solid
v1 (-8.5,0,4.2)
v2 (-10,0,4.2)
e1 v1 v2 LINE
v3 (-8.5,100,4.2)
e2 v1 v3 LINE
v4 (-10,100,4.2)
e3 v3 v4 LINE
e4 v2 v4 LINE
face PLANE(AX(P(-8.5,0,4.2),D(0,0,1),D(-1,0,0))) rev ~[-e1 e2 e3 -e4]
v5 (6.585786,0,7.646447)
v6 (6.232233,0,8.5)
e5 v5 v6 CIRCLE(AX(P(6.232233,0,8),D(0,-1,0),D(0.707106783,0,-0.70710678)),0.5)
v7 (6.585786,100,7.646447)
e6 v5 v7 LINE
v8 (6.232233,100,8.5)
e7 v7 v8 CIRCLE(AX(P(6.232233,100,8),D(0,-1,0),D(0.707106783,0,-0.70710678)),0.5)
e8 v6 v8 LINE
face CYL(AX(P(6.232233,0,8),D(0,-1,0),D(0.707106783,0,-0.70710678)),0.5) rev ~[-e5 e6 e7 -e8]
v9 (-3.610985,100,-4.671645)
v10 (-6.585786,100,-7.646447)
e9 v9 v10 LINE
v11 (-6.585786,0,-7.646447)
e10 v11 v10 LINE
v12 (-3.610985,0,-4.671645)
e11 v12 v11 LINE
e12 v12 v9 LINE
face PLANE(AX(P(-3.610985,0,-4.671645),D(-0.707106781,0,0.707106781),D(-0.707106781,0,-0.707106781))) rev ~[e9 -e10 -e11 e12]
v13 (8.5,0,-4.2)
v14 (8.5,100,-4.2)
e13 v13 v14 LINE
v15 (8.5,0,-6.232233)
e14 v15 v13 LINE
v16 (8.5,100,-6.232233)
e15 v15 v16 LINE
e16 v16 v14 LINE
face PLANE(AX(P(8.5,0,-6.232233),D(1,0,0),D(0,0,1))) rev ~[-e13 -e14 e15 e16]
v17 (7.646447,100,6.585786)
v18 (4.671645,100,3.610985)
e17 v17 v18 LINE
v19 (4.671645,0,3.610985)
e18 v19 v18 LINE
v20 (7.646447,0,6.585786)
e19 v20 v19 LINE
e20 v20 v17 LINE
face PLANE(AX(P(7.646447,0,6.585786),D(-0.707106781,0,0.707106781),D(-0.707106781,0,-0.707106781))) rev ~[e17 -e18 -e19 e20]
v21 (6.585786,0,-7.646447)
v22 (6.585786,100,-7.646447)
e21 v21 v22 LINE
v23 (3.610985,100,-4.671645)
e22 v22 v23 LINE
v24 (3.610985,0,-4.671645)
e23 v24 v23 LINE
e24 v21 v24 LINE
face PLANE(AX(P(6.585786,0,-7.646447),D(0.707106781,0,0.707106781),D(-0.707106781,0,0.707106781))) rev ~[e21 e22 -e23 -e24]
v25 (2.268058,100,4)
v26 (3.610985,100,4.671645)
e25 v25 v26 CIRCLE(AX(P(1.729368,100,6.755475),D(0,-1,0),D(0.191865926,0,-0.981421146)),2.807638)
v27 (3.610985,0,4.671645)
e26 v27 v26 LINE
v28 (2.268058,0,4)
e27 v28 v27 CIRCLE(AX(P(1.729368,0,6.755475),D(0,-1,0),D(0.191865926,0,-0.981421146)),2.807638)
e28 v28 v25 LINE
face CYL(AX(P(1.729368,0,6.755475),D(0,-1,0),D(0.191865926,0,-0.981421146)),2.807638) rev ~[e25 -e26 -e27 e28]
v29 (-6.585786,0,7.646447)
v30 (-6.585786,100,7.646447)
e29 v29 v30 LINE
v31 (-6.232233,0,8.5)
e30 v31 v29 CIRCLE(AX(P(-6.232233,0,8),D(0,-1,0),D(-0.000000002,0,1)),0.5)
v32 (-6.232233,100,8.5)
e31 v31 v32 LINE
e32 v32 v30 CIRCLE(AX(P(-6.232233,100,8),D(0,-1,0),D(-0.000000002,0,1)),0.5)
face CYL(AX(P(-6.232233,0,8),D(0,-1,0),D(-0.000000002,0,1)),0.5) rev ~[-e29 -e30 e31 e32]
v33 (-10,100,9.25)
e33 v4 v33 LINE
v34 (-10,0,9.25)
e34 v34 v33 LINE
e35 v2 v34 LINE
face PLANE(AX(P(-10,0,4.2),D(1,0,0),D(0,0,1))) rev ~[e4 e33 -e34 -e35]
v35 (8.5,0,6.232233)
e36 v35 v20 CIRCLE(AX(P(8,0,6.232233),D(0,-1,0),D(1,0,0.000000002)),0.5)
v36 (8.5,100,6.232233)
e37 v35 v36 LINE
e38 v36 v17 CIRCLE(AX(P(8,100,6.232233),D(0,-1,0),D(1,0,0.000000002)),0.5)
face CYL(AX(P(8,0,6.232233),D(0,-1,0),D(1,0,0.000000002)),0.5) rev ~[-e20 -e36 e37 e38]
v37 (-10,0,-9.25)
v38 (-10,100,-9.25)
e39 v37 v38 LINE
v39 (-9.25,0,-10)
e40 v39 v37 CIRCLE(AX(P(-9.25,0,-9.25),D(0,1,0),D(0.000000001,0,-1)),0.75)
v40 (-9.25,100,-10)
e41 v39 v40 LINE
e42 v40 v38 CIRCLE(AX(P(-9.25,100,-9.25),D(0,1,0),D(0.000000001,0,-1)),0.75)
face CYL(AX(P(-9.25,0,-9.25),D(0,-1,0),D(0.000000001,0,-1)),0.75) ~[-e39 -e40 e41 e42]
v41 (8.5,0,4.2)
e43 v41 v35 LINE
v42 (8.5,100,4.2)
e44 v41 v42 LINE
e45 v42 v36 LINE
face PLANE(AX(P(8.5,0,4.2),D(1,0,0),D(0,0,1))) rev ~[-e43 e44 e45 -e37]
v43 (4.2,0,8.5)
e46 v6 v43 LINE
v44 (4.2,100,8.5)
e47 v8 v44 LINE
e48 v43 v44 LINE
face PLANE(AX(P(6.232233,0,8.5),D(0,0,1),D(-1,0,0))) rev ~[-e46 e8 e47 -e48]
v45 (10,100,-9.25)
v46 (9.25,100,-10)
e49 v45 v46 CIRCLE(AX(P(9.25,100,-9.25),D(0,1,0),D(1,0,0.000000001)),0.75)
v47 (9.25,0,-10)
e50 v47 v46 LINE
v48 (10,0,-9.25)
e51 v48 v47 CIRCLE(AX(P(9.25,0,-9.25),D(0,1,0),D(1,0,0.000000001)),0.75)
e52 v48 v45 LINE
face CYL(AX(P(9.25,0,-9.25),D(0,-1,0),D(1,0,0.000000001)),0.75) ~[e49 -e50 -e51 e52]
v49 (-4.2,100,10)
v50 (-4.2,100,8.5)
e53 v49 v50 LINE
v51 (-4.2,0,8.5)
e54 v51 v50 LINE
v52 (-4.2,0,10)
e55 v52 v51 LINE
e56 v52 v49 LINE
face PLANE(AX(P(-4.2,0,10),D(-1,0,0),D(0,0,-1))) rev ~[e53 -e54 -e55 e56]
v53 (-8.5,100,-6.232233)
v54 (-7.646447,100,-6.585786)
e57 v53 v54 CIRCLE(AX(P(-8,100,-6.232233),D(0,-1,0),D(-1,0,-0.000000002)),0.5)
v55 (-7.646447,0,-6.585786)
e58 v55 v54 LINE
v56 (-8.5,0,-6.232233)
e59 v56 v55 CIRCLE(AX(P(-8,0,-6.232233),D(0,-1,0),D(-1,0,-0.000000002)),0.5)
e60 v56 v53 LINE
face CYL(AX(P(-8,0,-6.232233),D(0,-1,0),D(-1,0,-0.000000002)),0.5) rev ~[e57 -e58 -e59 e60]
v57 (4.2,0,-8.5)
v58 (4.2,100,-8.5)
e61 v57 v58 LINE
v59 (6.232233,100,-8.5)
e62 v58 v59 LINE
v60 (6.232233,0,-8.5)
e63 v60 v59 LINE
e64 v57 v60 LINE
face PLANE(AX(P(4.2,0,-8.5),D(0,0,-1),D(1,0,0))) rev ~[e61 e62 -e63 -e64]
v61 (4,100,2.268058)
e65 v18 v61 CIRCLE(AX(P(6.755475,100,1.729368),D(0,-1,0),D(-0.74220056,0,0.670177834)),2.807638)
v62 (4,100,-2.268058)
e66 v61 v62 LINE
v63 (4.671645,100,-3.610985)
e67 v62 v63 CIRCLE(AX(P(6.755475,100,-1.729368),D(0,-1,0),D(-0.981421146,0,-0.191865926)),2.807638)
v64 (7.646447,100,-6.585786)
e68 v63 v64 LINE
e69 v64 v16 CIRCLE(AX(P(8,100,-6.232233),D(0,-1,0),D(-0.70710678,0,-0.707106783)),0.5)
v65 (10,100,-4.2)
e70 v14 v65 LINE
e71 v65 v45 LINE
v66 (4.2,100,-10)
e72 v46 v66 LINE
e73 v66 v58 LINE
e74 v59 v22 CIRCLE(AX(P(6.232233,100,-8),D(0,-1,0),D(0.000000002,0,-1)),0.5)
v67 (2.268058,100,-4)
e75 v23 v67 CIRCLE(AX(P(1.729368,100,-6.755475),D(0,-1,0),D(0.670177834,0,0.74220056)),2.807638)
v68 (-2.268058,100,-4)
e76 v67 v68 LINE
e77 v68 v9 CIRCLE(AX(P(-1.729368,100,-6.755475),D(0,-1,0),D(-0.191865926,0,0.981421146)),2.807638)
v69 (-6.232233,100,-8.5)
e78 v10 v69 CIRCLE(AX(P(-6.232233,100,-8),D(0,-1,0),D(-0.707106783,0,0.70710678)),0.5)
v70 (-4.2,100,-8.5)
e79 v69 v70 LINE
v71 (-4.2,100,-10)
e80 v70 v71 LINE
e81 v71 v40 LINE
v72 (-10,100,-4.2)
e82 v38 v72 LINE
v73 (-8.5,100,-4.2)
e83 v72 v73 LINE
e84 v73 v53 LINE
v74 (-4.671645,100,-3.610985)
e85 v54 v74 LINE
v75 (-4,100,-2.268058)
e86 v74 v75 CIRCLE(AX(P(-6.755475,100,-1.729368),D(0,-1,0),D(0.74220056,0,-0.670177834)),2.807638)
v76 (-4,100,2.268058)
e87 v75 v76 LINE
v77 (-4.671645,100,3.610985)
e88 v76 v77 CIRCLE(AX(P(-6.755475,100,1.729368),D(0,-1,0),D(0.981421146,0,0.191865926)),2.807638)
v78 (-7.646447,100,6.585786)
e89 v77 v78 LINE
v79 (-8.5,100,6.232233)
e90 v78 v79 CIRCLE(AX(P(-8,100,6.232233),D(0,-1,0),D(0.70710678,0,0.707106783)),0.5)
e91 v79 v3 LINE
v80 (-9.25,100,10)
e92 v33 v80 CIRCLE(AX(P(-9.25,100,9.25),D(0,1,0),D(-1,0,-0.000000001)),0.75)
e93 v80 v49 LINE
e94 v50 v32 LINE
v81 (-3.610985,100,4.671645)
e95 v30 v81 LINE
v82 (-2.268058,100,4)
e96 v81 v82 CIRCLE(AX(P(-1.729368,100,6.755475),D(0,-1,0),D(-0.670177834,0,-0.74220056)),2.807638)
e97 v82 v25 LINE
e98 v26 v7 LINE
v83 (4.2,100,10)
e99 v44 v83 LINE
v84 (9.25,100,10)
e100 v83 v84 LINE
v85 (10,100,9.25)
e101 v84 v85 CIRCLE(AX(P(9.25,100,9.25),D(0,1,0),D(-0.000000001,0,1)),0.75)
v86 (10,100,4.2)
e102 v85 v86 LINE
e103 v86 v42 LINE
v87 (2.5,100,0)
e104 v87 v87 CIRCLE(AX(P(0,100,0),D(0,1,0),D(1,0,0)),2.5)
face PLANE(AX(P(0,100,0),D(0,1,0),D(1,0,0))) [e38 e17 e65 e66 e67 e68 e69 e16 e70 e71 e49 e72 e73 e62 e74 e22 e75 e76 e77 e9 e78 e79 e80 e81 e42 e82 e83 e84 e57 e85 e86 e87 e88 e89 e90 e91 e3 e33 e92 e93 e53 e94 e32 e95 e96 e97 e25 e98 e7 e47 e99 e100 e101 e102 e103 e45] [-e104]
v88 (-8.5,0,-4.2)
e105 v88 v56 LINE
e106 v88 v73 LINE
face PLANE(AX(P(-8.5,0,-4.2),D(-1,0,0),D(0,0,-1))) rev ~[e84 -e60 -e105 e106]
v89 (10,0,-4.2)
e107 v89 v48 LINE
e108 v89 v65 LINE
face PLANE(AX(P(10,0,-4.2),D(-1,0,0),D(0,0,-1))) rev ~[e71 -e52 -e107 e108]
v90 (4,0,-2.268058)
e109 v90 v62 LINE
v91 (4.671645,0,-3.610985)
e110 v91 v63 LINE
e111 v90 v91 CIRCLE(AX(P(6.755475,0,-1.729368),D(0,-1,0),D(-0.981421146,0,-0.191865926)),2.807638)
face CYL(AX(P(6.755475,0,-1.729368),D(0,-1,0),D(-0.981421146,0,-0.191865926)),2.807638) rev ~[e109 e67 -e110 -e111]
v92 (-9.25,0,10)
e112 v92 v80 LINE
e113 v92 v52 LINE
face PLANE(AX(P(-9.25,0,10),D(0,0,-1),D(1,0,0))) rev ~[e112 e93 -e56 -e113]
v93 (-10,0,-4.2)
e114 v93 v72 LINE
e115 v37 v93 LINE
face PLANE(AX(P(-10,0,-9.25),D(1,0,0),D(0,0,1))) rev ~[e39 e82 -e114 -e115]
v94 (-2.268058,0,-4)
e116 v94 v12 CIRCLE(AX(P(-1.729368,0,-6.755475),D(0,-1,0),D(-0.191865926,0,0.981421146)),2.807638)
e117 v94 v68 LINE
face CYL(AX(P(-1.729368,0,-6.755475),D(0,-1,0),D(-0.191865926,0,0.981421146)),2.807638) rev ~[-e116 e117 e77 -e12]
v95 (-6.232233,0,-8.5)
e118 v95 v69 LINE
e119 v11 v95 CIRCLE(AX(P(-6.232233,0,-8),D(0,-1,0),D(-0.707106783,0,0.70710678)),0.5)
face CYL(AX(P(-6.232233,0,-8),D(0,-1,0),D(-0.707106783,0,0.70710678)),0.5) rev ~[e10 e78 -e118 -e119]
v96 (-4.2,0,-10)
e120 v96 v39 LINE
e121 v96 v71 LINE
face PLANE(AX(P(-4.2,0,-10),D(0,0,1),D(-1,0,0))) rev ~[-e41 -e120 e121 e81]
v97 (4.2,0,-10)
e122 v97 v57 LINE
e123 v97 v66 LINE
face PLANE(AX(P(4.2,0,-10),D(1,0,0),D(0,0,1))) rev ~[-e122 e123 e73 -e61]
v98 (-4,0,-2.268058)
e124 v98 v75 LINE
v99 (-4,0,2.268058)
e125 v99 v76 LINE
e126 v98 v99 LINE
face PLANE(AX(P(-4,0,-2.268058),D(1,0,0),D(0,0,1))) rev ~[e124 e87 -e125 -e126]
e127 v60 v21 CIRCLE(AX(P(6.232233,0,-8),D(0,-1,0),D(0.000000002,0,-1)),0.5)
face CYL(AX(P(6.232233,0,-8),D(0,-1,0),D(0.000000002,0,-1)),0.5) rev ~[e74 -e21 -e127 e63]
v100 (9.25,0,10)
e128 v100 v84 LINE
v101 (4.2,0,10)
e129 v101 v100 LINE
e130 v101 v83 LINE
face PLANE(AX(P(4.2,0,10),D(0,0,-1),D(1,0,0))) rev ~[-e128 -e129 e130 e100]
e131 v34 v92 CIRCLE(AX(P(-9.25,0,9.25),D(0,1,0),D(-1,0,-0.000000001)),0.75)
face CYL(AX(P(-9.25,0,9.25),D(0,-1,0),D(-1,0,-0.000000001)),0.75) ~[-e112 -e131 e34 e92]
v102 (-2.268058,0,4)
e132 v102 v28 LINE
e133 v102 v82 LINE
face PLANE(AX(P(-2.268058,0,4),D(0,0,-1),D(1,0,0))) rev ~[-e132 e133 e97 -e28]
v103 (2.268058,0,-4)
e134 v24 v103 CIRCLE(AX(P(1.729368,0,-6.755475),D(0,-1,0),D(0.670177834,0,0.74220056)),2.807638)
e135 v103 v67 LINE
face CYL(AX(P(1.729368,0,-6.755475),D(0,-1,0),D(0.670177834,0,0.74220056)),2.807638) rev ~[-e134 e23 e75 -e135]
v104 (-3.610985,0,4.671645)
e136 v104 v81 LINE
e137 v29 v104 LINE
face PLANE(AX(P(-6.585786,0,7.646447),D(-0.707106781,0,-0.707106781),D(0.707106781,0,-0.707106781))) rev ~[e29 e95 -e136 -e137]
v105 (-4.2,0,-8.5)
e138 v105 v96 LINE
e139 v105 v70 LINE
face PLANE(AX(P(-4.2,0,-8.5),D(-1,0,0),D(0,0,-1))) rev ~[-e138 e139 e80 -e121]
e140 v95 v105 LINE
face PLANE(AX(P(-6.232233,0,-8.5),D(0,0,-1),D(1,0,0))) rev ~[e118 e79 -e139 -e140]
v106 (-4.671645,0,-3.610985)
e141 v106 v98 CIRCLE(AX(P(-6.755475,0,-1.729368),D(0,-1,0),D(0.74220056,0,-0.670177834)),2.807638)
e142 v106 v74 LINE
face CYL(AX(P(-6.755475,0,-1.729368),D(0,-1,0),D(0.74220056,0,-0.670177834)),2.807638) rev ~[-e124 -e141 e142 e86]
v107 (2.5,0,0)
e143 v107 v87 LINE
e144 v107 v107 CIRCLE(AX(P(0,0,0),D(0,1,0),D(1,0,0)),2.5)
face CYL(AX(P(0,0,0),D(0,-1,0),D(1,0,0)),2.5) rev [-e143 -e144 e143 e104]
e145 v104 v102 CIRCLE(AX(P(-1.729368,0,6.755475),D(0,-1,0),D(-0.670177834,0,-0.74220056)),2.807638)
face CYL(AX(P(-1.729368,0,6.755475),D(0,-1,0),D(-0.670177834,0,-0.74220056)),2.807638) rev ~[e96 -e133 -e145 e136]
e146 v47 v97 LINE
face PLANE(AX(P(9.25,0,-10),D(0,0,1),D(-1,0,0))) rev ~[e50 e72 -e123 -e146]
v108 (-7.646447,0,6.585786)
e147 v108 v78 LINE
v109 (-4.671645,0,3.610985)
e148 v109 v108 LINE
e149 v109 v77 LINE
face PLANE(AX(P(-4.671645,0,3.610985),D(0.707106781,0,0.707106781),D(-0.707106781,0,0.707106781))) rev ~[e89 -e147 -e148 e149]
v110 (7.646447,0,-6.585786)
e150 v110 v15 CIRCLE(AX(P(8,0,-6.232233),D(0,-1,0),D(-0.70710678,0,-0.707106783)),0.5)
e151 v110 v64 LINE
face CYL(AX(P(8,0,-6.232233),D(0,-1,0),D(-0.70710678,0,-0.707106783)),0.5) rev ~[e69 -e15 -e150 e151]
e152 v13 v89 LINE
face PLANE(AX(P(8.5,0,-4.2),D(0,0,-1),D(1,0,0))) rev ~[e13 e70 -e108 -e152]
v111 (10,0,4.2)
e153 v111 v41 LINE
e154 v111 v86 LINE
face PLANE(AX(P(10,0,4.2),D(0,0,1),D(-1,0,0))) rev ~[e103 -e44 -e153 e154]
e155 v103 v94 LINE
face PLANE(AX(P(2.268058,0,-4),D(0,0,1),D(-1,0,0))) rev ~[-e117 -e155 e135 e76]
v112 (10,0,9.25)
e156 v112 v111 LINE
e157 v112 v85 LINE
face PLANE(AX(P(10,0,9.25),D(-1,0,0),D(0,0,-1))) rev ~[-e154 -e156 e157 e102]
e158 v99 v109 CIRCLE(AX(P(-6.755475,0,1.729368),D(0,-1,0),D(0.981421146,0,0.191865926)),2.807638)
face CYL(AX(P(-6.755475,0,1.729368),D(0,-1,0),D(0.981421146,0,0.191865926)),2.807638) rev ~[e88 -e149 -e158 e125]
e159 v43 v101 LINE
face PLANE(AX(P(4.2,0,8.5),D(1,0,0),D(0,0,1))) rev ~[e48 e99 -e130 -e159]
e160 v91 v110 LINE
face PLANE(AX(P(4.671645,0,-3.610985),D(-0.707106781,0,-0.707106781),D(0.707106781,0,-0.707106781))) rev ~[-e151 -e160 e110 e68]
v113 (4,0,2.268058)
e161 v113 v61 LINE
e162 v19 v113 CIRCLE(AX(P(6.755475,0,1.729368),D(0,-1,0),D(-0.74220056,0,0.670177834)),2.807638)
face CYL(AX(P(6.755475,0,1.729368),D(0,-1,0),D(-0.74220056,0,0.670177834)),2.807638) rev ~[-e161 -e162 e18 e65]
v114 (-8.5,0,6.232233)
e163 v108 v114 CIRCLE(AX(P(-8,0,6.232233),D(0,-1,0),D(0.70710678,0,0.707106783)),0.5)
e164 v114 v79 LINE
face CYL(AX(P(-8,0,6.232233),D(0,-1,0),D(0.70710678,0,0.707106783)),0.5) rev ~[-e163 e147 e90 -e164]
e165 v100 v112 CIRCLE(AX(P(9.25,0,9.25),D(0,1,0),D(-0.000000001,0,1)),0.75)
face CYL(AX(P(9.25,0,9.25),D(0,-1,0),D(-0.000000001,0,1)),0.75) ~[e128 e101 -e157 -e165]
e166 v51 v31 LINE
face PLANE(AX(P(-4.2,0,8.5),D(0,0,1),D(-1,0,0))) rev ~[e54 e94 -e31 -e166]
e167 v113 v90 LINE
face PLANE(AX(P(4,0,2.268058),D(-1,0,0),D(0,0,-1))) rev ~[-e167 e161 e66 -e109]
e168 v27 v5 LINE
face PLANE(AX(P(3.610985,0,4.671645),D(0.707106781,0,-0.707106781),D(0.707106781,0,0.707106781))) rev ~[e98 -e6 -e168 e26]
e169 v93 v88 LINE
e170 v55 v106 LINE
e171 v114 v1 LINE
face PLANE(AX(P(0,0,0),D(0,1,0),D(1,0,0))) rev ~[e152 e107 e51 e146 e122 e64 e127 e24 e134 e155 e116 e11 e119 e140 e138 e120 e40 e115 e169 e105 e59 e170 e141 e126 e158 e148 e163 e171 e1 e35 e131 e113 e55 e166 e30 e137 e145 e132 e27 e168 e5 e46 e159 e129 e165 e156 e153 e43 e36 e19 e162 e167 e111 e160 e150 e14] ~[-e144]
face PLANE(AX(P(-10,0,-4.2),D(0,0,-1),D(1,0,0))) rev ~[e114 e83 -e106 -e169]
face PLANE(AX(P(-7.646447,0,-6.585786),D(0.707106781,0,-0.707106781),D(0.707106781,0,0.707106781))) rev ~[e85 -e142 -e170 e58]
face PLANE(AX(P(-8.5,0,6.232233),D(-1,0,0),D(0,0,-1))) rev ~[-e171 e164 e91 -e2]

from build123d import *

# Parameters (mm, degrees)
SKETCH1_R           = 2.5
BOSS_EXTRUDE1_DEPTH = 100


with BuildPart() as part:
    # Sketch1 → Boss-Extrude1 (new body)
    with BuildSketch(Plane(origin=(0, 0, 0), x_dir=(1, 0, 0), z_dir=(0, 1, 0))):
        with BuildLine():
            Line((-3.610984523, 4.671644695), (-6.585786438, 7.646446609))
            ThreePointArc((-6.585786438, 7.646446609), (-6.694172813, 8.191341716), (-6.232233047, 8.5))
            Line((-6.232233047, 8.5), (-4.2, 8.5))
            Line((-4.2, 8.5), (-4.2, 10))
            Line((-4.2, 10), (-9.25, 10))
            ThreePointArc((-9.25, 10), (-9.780330086, 9.780330086), (-10, 9.25))
            Line((-10, 9.25), (-10, 4.2))
            Line((-10, 4.2), (-8.5, 4.2))
            Line((-8.5, 4.2), (-8.5, 6.232233047))
            ThreePointArc((-8.5, 6.232233047), (-8.191341716, 6.694172813), (-7.646446609, 6.585786438))
            Line((-7.646446609, 6.585786438), (-4.671644695, 3.610984523))
            ThreePointArc((-4.671644695, 3.610984523), (-4.244383234, 2.985253206), (-4, 2.268058063))
            Line((-4, 2.268058063), (-4, -2.268058063))
            ThreePointArc((-4, -2.268058063), (-4.244383234, -2.985253206), (-4.671644695, -3.610984523))
            Line((-4.671644695, -3.610984523), (-7.646446609, -6.585786438))
            ThreePointArc((-7.646446609, -6.585786438), (-8.191341716, -6.694172813), (-8.5, -6.232233047))
            Line((-8.5, -6.232233047), (-8.5, -4.2))
            Line((-8.5, -4.2), (-10, -4.2))
            Line((-10, -4.2), (-10, -9.25))
            ThreePointArc((-10, -9.25), (-9.780330086, -9.780330086), (-9.25, -10))
            Line((-9.25, -10), (-4.2, -10))
            Line((-4.2, -10), (-4.2, -8.5))
            Line((-4.2, -8.5), (-6.232233047, -8.5))
            ThreePointArc((-6.232233047, -8.5), (-6.694172813, -8.191341716), (-6.585786438, -7.646446609))
            Line((-6.585786438, -7.646446609), (-3.610984523, -4.671644695))
            ThreePointArc((-3.610984523, -4.671644695), (-2.985253206, -4.244383234), (-2.268058063, -4))
            Line((-2.268058063, -4), (2.268058063, -4))
            ThreePointArc((2.268058063, -4), (2.985253206, -4.244383234), (3.610984523, -4.671644695))
            Line((3.610984523, -4.671644695), (6.585786438, -7.646446609))
            ThreePointArc((6.585786438, -7.646446609), (6.694172813, -8.191341716), (6.232233047, -8.5))
            Line((6.232233047, -8.5), (4.2, -8.5))
            Line((4.2, -8.5), (4.2, -10))
            Line((4.2, -10), (9.25, -10))
            ThreePointArc((9.25, -10), (9.780330086, -9.780330086), (10, -9.25))
            Line((10, -9.25), (10, -4.2))
            Line((10, -4.2), (8.5, -4.2))
            Line((8.5, -4.2), (8.5, -6.232233047))
            ThreePointArc((8.5, -6.232233047), (8.191341716, -6.694172813), (7.646446609, -6.585786438))
            Line((7.646446609, -6.585786438), (4.671644695, -3.610984523))
            ThreePointArc((4.671644695, -3.610984523), (4.244383234, -2.985253206), (4, -2.268058063))
            Line((4, -2.268058063), (4, 2.268058063))
            ThreePointArc((4, 2.268058063), (4.244383234, 2.985253206), (4.671644695, 3.610984523))
            Line((4.671644695, 3.610984523), (7.646446609, 6.585786438))
            ThreePointArc((7.646446609, 6.585786438), (8.191341716, 6.694172813), (8.5, 6.232233047))
            Line((8.5, 6.232233047), (8.5, 4.2))
            Line((8.5, 4.2), (10, 4.2))
            Line((10, 4.2), (10, 9.25))
            ThreePointArc((10, 9.25), (9.780330086, 9.780330086), (9.25, 10))
            Line((9.25, 10), (4.2, 10))
            Line((4.2, 10), (4.2, 8.5))
            Line((4.2, 8.5), (6.232233047, 8.5))
            ThreePointArc((6.232233047, 8.5), (6.694172813, 8.191341716), (6.585786438, 7.646446609))
            Line((6.585786438, 7.646446609), (3.610984523, 4.671644695))
            ThreePointArc((3.610984523, 4.671644695), (2.985253206, 4.244383234), (2.268058063, 4))
            Line((2.268058063, 4), (-2.268058063, 4))
            ThreePointArc((-2.268058063, 4), (-2.985253206, 4.244383234), (-3.610984523, 4.671644695))
        make_face()
        Circle(SKETCH1_R, mode=Mode.SUBTRACT)
    extrude(amount=BOSS_EXTRUDE1_DEPTH)


solid = part.part
